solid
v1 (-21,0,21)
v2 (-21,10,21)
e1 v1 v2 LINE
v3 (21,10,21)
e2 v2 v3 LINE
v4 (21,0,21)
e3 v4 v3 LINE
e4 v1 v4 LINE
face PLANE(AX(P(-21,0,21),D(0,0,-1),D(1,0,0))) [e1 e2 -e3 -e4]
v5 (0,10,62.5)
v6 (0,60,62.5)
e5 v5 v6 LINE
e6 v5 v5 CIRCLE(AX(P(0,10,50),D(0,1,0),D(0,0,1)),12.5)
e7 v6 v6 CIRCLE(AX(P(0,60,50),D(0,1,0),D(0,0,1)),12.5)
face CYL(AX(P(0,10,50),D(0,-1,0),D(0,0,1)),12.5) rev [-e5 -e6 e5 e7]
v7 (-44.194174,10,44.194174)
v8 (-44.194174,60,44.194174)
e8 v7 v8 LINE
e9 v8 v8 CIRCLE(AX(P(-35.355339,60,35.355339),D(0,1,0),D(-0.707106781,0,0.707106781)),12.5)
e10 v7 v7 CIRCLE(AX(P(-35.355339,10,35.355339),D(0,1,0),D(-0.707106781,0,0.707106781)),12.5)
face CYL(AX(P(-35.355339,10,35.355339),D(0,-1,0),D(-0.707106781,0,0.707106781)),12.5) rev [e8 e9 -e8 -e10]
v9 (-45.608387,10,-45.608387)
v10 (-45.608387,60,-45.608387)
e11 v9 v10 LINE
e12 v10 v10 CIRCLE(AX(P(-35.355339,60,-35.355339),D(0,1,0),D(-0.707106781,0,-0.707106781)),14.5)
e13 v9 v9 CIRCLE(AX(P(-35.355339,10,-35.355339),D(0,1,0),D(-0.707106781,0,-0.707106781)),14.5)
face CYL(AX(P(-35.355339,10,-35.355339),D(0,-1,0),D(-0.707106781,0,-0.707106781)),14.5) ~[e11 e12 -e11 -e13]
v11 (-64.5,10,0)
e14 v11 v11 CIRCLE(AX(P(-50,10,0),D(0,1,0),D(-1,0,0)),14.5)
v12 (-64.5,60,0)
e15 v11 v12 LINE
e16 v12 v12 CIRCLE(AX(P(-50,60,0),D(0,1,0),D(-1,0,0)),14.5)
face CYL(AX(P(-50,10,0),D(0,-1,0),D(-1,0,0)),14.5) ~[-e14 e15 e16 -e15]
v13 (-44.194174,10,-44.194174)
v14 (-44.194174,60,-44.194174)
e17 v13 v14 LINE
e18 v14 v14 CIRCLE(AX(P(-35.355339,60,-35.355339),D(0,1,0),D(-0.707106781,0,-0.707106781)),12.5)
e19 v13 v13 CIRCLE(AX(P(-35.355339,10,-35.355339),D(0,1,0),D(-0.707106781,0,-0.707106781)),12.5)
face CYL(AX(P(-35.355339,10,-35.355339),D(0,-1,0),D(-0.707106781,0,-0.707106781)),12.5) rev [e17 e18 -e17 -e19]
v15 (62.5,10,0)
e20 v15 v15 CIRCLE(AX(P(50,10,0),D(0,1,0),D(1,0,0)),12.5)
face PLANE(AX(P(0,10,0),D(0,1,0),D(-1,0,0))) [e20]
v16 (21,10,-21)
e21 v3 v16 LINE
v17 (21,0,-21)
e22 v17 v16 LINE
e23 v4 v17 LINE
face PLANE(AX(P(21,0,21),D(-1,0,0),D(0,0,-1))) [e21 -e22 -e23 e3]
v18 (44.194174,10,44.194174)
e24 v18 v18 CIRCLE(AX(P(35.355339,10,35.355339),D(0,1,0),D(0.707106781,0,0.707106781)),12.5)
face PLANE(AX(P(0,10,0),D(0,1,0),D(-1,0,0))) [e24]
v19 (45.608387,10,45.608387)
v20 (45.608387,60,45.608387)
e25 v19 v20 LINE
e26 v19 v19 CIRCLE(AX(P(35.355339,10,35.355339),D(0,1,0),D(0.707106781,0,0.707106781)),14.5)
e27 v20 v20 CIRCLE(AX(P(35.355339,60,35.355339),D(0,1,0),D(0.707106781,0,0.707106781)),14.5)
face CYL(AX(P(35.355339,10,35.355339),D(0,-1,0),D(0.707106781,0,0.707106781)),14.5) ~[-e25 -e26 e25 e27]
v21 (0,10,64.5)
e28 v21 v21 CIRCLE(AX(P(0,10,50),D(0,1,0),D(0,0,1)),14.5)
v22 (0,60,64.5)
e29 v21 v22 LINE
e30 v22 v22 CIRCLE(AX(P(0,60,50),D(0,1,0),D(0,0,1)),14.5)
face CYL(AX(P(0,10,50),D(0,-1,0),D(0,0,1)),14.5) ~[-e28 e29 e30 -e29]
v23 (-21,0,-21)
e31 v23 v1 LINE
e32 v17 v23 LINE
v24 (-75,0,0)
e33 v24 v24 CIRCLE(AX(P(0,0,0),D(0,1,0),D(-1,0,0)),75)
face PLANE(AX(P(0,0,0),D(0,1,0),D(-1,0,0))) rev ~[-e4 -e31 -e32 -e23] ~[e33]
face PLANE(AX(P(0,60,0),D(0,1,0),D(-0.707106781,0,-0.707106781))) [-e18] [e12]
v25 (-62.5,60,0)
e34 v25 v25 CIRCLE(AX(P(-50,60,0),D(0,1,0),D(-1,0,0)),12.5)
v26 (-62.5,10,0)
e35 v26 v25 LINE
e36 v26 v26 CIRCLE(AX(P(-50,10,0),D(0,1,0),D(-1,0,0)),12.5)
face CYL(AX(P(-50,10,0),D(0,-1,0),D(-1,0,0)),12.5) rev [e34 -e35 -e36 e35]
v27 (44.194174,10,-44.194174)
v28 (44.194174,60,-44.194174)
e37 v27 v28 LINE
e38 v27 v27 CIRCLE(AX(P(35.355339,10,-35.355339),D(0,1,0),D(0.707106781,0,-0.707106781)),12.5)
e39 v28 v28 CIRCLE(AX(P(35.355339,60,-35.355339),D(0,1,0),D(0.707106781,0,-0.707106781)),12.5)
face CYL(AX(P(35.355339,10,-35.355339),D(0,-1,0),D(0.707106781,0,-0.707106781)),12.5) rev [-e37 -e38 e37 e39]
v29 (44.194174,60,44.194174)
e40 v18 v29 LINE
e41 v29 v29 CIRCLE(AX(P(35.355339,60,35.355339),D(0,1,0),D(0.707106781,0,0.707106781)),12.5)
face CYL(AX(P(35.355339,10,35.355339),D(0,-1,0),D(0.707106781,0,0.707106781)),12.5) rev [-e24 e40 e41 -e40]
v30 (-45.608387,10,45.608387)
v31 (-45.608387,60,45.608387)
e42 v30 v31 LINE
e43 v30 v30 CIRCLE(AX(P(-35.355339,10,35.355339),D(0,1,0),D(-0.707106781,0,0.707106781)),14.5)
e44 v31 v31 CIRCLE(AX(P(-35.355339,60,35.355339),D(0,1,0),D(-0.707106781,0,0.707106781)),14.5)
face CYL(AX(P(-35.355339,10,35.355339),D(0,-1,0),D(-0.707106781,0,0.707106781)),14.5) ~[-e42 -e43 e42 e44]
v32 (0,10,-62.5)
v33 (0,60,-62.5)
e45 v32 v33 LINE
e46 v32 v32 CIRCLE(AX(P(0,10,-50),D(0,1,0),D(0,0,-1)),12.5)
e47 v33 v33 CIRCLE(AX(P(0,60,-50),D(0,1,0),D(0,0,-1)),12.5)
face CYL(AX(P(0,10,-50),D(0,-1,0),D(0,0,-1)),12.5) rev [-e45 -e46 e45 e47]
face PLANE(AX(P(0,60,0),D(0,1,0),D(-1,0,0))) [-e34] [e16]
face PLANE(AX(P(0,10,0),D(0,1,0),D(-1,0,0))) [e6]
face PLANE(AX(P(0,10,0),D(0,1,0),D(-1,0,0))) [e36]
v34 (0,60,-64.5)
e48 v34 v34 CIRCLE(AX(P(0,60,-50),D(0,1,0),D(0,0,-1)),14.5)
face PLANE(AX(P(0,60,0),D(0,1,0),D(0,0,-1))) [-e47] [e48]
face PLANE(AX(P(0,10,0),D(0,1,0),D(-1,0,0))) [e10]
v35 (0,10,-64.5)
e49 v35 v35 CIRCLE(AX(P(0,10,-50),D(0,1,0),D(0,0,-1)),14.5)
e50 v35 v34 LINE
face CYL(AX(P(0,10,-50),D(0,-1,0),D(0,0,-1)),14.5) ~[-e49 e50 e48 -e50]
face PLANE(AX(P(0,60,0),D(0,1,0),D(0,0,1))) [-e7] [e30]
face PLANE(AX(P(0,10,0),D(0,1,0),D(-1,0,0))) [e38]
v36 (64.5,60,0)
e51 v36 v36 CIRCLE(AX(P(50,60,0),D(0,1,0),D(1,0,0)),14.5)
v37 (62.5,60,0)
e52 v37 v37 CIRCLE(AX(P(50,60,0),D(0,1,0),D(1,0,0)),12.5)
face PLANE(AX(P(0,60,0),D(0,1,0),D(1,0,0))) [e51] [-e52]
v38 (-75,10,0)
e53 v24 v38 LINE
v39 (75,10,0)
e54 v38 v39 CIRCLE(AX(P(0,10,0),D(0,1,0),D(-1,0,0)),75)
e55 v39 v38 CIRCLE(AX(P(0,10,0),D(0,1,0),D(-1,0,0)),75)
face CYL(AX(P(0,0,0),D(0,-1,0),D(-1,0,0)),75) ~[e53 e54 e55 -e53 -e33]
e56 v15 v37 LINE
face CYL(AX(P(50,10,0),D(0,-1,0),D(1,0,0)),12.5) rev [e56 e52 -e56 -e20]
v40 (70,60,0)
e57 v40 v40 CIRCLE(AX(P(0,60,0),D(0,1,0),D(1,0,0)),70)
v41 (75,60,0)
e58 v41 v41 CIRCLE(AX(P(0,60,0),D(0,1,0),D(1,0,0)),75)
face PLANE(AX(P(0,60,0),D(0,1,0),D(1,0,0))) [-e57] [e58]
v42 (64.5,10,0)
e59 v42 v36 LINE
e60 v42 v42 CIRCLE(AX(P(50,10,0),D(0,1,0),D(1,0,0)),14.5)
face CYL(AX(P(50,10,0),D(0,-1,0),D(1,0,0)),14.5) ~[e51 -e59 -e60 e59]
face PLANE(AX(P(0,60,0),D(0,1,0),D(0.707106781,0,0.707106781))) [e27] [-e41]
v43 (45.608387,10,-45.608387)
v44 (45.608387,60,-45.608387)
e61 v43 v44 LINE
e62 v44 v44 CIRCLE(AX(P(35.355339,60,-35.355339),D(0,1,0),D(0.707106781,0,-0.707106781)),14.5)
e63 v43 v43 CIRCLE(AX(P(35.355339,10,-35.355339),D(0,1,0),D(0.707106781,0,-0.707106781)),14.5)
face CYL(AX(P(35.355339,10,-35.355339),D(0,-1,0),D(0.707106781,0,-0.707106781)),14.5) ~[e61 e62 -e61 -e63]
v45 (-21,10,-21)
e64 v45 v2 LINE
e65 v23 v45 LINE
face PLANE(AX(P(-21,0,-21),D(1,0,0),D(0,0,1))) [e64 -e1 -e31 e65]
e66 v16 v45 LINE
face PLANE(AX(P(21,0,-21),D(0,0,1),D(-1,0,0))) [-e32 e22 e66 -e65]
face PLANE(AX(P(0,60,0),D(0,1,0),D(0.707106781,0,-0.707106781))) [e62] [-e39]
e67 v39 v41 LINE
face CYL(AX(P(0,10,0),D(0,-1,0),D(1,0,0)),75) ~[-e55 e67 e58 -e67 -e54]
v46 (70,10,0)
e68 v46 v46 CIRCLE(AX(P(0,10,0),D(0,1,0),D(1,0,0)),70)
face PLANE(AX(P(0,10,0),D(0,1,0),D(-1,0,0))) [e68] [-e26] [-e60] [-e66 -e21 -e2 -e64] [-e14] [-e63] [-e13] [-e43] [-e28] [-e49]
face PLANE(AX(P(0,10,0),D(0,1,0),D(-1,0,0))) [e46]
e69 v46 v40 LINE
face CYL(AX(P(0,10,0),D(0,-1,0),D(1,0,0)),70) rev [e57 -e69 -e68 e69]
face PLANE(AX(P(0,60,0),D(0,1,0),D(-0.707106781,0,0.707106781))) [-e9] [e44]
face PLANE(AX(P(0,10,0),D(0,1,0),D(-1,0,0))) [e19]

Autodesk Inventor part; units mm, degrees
ref_plane "YZ Plane" through (0, 0, 0) normal (1, 0, 0) x (0, 1, 0)
ref_plane "XZ Plane" through (0, 0, 0) normal (0, 1, 0) x (-1, 0, 0)
ref_plane "XY Plane" through (0, 0, 0) normal (0, 0, 1) x (1, 0, 0)
sketch "Sketch1" plane through (0, 0, 0) normal (0, 1, 0) x (-1, 0, 0)
  line L0 (-21, -21) -> (21, -21)
  line L1 (21, -21) -> (21, 21)
  line L2 (21, 21) -> (-21, 21)
  line L3 (-21, 21) -> (-21, -21)
  line L4 (-21, -21) -> (21, 21) construction
  line L5 (21, -21) -> (-21, 21) construction
  circle A0 centre (0, 0) radius 75
  circle A1 centre (50, 0) radius 12.5
  circle A2 centre (50, 0) radius 14.5
  line L6 (50, 0) -> (0, 0) construction
  dimension "d0" = 42
  dimension "d1" = 42
  dimension "d2" = 150
  dimension "d3" = 50
  dimension "d4" = 2
  dimension "d5" = 25
extrude "Extrusion1" add sketch "Sketch1" along normal blind 10 contours A0 | A1 | A2
extrude "Extrusion2" add sketch "Sketch1" along normal blind 50 from surface at 10 contours A2
sketch "Sketch2" plane through (0, 10, 0) normal (0, 1, 0) x (1, 0, 0)
  circle A0 centre (-50, 0) radius 14.5 projected
  line L0 (21, 21) -> (21, -21) projected
  line L1 (21, -21) -> (-21, -21) projected
  line L2 (-21, -21) -> (-21, 21) projected
  line L3 (-21, 21) -> (21, 21) projected
  circle A1 centre (0, 0) radius 75 projected
  circle A2 centre (0, 0) radius 70
  dimension "d10" = 5
extrude "Extrusion3" add sketch "Sketch2" along normal blind 50 contours A1
pattern_circular "Circular Pattern1" count 8 over 360 about axis through (0, 0, 0) along (0, 1, 0) of "Extrusion2"
properties part number "bottom"
